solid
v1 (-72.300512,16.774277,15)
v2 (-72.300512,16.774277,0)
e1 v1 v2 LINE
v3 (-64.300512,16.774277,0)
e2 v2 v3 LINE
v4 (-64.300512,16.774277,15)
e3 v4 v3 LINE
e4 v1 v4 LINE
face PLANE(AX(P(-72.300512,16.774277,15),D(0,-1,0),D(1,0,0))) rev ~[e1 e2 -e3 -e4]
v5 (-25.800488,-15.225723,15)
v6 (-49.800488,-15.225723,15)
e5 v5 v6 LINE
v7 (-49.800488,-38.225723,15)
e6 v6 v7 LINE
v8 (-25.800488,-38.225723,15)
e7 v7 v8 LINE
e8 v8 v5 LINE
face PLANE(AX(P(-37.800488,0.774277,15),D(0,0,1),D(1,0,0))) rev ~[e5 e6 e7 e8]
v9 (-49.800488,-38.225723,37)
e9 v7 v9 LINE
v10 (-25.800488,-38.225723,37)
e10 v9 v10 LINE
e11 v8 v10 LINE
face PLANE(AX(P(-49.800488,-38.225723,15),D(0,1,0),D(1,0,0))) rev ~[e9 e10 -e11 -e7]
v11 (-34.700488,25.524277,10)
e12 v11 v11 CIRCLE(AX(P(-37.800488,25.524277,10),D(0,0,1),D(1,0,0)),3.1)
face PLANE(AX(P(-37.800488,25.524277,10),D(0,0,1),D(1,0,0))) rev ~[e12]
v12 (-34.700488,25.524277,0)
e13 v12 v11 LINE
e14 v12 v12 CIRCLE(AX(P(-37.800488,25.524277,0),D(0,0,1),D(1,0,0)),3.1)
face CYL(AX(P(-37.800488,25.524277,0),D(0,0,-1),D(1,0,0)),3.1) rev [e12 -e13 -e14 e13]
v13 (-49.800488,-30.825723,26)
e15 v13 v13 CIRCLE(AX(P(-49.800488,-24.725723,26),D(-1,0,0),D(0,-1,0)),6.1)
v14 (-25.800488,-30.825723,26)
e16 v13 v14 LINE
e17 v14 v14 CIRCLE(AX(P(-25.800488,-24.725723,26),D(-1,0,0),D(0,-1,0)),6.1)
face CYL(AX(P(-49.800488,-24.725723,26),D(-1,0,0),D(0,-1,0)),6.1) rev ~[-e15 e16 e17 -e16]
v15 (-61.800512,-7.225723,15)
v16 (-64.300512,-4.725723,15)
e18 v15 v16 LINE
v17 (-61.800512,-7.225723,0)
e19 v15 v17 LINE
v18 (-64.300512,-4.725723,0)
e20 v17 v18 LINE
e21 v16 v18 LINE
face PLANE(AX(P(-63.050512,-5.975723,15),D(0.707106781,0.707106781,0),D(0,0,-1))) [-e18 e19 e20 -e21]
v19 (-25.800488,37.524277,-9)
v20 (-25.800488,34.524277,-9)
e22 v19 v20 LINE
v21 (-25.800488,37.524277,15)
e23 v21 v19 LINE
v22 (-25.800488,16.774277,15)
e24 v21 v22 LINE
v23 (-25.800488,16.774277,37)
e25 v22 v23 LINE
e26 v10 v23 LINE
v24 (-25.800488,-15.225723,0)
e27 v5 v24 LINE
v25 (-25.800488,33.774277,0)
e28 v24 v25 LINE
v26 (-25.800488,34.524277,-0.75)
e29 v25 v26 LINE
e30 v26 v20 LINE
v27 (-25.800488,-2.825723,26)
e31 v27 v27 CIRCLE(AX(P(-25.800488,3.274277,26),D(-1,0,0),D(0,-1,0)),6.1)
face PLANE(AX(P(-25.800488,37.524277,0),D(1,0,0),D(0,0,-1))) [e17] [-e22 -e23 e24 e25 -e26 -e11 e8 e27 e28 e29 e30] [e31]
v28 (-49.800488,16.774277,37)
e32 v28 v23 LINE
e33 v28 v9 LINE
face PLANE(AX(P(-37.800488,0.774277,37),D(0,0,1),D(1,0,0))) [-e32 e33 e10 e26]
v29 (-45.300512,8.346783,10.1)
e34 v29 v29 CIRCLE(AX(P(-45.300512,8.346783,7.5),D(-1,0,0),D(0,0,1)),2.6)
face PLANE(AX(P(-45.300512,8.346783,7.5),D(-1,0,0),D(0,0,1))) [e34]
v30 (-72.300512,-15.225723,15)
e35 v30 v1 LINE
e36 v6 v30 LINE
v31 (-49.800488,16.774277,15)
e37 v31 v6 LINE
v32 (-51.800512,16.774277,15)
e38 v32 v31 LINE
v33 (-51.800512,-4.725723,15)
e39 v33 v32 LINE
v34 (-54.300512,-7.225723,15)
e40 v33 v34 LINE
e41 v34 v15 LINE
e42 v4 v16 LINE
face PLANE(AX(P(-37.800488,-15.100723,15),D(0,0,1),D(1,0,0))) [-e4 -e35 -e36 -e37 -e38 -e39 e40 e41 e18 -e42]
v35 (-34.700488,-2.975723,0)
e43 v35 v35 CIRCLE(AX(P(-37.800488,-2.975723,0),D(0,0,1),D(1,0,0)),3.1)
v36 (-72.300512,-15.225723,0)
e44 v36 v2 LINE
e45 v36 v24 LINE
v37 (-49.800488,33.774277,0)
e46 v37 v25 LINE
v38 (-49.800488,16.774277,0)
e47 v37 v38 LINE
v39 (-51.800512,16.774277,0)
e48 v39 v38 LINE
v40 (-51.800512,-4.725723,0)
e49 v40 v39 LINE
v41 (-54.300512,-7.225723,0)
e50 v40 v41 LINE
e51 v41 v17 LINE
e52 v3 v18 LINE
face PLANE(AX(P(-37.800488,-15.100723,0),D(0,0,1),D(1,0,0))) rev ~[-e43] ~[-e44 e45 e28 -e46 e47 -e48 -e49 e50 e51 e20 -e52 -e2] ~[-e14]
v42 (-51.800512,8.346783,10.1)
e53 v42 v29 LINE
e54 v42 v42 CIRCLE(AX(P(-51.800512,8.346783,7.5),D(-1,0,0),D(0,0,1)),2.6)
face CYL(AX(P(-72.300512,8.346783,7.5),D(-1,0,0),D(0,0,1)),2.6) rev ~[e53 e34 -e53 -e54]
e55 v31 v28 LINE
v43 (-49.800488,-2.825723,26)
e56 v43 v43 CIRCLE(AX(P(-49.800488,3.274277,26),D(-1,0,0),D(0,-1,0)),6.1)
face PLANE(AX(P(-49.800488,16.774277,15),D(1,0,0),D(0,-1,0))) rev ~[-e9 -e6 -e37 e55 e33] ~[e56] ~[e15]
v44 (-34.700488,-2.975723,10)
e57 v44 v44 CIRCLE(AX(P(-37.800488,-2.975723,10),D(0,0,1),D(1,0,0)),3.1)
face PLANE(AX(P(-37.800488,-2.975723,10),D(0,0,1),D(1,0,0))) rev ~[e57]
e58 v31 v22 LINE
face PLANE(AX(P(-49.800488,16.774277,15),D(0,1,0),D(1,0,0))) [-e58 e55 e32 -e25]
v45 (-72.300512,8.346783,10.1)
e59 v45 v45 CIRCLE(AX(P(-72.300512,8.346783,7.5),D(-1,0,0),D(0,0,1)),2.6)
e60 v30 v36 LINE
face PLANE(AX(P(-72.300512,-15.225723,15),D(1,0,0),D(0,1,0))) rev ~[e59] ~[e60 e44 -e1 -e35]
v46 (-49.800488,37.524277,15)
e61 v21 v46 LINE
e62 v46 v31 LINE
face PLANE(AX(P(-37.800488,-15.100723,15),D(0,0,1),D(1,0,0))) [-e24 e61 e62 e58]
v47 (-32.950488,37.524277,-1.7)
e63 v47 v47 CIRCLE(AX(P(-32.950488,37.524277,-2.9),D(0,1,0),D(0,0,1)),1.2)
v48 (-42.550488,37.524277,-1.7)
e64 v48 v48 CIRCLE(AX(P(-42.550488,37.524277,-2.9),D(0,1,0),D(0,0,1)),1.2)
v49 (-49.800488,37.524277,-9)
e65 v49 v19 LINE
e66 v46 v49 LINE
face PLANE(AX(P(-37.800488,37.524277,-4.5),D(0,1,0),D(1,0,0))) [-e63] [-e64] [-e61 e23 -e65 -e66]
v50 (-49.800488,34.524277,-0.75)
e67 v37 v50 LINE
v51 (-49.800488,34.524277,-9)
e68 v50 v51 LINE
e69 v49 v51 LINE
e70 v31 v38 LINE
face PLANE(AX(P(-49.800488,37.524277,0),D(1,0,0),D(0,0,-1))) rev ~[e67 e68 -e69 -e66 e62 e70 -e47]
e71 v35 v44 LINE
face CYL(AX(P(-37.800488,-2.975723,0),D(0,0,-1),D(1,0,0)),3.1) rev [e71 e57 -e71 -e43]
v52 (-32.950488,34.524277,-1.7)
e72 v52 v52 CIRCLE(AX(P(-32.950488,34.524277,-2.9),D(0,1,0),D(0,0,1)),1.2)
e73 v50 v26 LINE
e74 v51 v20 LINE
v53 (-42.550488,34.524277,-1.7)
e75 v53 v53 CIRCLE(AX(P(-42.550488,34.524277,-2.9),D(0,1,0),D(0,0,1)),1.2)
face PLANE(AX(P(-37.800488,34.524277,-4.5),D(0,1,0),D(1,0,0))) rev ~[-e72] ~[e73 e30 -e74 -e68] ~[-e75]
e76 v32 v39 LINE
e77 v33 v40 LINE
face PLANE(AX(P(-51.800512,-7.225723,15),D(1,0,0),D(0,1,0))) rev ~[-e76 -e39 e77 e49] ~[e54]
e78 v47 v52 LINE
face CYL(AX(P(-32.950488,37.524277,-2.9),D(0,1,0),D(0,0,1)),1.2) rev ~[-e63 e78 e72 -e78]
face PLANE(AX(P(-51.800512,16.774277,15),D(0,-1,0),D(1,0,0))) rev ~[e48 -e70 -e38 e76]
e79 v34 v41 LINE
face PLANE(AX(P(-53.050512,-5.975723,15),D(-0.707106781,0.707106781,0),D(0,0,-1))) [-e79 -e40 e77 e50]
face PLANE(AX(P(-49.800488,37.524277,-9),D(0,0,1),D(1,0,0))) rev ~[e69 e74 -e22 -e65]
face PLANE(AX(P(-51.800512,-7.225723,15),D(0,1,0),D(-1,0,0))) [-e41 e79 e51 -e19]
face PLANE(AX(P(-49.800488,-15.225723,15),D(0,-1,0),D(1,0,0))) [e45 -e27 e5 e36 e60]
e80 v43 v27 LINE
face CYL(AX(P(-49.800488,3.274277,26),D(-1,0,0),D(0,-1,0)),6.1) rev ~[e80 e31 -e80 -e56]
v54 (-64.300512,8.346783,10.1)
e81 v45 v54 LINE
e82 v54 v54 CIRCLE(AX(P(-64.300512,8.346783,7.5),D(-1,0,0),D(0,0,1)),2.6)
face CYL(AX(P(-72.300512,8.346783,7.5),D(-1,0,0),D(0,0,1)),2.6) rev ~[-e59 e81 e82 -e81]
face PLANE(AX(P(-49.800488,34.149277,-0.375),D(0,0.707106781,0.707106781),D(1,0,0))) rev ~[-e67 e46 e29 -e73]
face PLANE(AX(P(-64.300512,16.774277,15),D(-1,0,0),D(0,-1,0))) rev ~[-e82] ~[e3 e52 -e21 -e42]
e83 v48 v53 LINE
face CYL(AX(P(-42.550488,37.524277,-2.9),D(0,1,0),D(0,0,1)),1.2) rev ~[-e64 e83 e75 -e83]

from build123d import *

# Parameters (mm, degrees)
SKETCH1_R           = 3.1
SKETCH1_R_2         = 2.5
BOSS_EXTRUDE1_DEPTH = 15
BOSS_EXTRUDE3_START = -5
SKETCH6_R           = 3.1
BOSS_EXTRUDE3_DEPTH = 5
BOSS_EXTRUDE4_DEPTH = 15
SKETCH8_R           = 2.6
CUT_EXTRUDE3_DEPTH  = 27
CUT_EXTRUDE4_DEPTH  = 89.777895192
SKETCH11_W          = 24
SKETCH11_H          = 0.25
BOSS_EXTRUDE5_DEPTH = 15
SKETCH12_W          = 24
SKETCH12_H          = 32
SKETCH12_H_2        = 23
BOSS_EXTRUDE6_DEPTH = 22
SKETCH13_R          = 6.1
CUT_EXTRUDE5_DEPTH  = 59.362710124
SKETCH14_W          = 24
SKETCH14_H          = 9
SKETCH14_R          = 1.2
BOSS_EXTRUDE7_DEPTH = 3
CHAMFER1_SIZE       = 2.5
CHAMFER2_SIZE       = 0.75


with BuildPart() as part:
    # Sketch1 → Boss-Extrude1 (new body)
    with BuildSketch(Plane.XY):
        with BuildLine():
            Line((-25.80048806, 37.524276553), (-49.80048806, 37.524276553))
            Line((-49.80048806, 37.524276553), (-49.80048806, -14.975723447))
            Line((-49.80048806, -14.975723447), (-41.80048806, -45.286414829))
            ThreePointArc((-41.80048806, -45.286414829), (-37.80048806, -49.286414829), (-33.80048806, -45.286414829))
            Line((-33.80048806, -45.286414829), (-25.80048806, -14.975723447))
            Line((-25.80048806, -14.975723447), (-25.80048806, 37.524276553))
        make_face()
        with Locations((-37.80048806, 25.524276553)):
            Circle(SKETCH1_R, mode=Mode.SUBTRACT)
        with Locations((-37.80048806, -2.975723447)):
            Circle(SKETCH1_R, mode=Mode.SUBTRACT)
        with Locations((-37.80048806, -45.286414829)):
            Circle(SKETCH1_R_2, mode=Mode.SUBTRACT)
    extrude(amount=BOSS_EXTRUDE1_DEPTH)

    # Sketch6 → Boss-Extrude3 (add)
    with BuildSketch(Plane.XY.offset(15).offset(BOSS_EXTRUDE3_START)):
        with Locations((-37.80048806, -2.975723447)):
            Circle(SKETCH6_R)
        with Locations((-37.80048806, 25.524276553)):
            Circle(SKETCH6_R)
    extrude(amount=BOSS_EXTRUDE3_DEPTH)

    # Sketch7 → Boss-Extrude4 (add)
    with BuildSketch(Plane.XY.offset(15)):
        Polygon((-51.800511672, 16.774276553), (-49.80048806, 16.774276553), (-49.80048806, -15.225723447), (-72.300511672, -15.225723447), (-72.300511672, 16.774276553), (-64.300511672, 16.774276553), (-64.300511672, -7.225723447), (-58.050499866, -7.225723447), (-51.800511672, -7.225723447), align=None)
    extrude(amount=-BOSS_EXTRUDE4_DEPTH)

    # Sketch8 → Cut-Extrude3 (cut)
    with BuildSketch(Plane.ZY.offset(72.300511672)):
        with Locations((7.5, 8.346782821)):
            Circle(SKETCH8_R)
    extrude(amount=-CUT_EXTRUDE3_DEPTH, mode=Mode.SUBTRACT)

    # Sketch10 → Cut-Extrude4 (cut, through all)
    with BuildSketch(Plane.XY.offset(15)):
        Polygon((-49.80048806, -15.225723447), (-49.80048806, -14.975723447), (-25.80048806, -14.975723447), (-25.80048806, -50.615055613), (-49.80048806, -50.615055613), align=None)
    extrude(amount=-CUT_EXTRUDE4_DEPTH, mode=Mode.SUBTRACT)

    # Sketch11 → Boss-Extrude5 (add)
    with BuildSketch(Plane.XY.offset(15)):
        with Locations((-37.80048806, -15.100723447)):
            Rectangle(SKETCH11_W, SKETCH11_H)
    extrude(amount=-BOSS_EXTRUDE5_DEPTH)

    # Sketch12 → Boss-Extrude6 (add)
    with BuildSketch(Plane.XY.offset(15)):
        with Locations((-37.80048806, 0.774276553)):
            Rectangle(SKETCH12_W, SKETCH12_H)
        with Locations((-37.80048806, -26.725723447)):
            Rectangle(SKETCH12_W, SKETCH12_H_2)
    extrude(amount=BOSS_EXTRUDE6_DEPTH)

    # Sketch13 → Cut-Extrude5 (cut, through all)
    with BuildSketch(Plane.ZY.offset(49.80048806)):
        with Locations(Location((26, 3.274276553, 0), (0, 0, 270))):
            Circle(SKETCH13_R)
        with Locations(Location((26, -24.725723447, 0), (0, 0, 270))):
            Circle(SKETCH13_R)
    extrude(amount=-CUT_EXTRUDE5_DEPTH, mode=Mode.SUBTRACT)

    # Sketch14 → Boss-Extrude7 (add)
    with BuildSketch(Plane(origin=(0, 37.524276553, 0), x_dir=(1, 0, 0), z_dir=(0, 1, 0))):
        with Locations((-37.80048806, 4.5)):
            Rectangle(SKETCH14_W, SKETCH14_H)
        with Locations(Location((-32.95048806, 2.9, 0), (0, 0, 270))):
            Circle(SKETCH14_R, mode=Mode.SUBTRACT)
        with Locations(Location((-42.55048806, 2.9, 0), (0, 0, 270))):
            Circle(SKETCH14_R, mode=Mode.SUBTRACT)
    extrude(amount=-BOSS_EXTRUDE7_DEPTH)

    # Chamfer1
    chamfer1_edges = [part.edges().sort_by_distance(p)[0] for p in [
        (-64.300511672, -7.225723447, 7.5),
        (-51.800511672, -7.225723447, 7.5),
    ]]
    chamfer(chamfer1_edges, length=CHAMFER1_SIZE)

    # Chamfer2
    chamfer2_edges = [part.edges().sort_by_distance(p)[0] for p in [
        (-37.80048806, 34.524276553, 0),
    ]]
    chamfer(chamfer2_edges, length=CHAMFER2_SIZE)


solid = part.part
